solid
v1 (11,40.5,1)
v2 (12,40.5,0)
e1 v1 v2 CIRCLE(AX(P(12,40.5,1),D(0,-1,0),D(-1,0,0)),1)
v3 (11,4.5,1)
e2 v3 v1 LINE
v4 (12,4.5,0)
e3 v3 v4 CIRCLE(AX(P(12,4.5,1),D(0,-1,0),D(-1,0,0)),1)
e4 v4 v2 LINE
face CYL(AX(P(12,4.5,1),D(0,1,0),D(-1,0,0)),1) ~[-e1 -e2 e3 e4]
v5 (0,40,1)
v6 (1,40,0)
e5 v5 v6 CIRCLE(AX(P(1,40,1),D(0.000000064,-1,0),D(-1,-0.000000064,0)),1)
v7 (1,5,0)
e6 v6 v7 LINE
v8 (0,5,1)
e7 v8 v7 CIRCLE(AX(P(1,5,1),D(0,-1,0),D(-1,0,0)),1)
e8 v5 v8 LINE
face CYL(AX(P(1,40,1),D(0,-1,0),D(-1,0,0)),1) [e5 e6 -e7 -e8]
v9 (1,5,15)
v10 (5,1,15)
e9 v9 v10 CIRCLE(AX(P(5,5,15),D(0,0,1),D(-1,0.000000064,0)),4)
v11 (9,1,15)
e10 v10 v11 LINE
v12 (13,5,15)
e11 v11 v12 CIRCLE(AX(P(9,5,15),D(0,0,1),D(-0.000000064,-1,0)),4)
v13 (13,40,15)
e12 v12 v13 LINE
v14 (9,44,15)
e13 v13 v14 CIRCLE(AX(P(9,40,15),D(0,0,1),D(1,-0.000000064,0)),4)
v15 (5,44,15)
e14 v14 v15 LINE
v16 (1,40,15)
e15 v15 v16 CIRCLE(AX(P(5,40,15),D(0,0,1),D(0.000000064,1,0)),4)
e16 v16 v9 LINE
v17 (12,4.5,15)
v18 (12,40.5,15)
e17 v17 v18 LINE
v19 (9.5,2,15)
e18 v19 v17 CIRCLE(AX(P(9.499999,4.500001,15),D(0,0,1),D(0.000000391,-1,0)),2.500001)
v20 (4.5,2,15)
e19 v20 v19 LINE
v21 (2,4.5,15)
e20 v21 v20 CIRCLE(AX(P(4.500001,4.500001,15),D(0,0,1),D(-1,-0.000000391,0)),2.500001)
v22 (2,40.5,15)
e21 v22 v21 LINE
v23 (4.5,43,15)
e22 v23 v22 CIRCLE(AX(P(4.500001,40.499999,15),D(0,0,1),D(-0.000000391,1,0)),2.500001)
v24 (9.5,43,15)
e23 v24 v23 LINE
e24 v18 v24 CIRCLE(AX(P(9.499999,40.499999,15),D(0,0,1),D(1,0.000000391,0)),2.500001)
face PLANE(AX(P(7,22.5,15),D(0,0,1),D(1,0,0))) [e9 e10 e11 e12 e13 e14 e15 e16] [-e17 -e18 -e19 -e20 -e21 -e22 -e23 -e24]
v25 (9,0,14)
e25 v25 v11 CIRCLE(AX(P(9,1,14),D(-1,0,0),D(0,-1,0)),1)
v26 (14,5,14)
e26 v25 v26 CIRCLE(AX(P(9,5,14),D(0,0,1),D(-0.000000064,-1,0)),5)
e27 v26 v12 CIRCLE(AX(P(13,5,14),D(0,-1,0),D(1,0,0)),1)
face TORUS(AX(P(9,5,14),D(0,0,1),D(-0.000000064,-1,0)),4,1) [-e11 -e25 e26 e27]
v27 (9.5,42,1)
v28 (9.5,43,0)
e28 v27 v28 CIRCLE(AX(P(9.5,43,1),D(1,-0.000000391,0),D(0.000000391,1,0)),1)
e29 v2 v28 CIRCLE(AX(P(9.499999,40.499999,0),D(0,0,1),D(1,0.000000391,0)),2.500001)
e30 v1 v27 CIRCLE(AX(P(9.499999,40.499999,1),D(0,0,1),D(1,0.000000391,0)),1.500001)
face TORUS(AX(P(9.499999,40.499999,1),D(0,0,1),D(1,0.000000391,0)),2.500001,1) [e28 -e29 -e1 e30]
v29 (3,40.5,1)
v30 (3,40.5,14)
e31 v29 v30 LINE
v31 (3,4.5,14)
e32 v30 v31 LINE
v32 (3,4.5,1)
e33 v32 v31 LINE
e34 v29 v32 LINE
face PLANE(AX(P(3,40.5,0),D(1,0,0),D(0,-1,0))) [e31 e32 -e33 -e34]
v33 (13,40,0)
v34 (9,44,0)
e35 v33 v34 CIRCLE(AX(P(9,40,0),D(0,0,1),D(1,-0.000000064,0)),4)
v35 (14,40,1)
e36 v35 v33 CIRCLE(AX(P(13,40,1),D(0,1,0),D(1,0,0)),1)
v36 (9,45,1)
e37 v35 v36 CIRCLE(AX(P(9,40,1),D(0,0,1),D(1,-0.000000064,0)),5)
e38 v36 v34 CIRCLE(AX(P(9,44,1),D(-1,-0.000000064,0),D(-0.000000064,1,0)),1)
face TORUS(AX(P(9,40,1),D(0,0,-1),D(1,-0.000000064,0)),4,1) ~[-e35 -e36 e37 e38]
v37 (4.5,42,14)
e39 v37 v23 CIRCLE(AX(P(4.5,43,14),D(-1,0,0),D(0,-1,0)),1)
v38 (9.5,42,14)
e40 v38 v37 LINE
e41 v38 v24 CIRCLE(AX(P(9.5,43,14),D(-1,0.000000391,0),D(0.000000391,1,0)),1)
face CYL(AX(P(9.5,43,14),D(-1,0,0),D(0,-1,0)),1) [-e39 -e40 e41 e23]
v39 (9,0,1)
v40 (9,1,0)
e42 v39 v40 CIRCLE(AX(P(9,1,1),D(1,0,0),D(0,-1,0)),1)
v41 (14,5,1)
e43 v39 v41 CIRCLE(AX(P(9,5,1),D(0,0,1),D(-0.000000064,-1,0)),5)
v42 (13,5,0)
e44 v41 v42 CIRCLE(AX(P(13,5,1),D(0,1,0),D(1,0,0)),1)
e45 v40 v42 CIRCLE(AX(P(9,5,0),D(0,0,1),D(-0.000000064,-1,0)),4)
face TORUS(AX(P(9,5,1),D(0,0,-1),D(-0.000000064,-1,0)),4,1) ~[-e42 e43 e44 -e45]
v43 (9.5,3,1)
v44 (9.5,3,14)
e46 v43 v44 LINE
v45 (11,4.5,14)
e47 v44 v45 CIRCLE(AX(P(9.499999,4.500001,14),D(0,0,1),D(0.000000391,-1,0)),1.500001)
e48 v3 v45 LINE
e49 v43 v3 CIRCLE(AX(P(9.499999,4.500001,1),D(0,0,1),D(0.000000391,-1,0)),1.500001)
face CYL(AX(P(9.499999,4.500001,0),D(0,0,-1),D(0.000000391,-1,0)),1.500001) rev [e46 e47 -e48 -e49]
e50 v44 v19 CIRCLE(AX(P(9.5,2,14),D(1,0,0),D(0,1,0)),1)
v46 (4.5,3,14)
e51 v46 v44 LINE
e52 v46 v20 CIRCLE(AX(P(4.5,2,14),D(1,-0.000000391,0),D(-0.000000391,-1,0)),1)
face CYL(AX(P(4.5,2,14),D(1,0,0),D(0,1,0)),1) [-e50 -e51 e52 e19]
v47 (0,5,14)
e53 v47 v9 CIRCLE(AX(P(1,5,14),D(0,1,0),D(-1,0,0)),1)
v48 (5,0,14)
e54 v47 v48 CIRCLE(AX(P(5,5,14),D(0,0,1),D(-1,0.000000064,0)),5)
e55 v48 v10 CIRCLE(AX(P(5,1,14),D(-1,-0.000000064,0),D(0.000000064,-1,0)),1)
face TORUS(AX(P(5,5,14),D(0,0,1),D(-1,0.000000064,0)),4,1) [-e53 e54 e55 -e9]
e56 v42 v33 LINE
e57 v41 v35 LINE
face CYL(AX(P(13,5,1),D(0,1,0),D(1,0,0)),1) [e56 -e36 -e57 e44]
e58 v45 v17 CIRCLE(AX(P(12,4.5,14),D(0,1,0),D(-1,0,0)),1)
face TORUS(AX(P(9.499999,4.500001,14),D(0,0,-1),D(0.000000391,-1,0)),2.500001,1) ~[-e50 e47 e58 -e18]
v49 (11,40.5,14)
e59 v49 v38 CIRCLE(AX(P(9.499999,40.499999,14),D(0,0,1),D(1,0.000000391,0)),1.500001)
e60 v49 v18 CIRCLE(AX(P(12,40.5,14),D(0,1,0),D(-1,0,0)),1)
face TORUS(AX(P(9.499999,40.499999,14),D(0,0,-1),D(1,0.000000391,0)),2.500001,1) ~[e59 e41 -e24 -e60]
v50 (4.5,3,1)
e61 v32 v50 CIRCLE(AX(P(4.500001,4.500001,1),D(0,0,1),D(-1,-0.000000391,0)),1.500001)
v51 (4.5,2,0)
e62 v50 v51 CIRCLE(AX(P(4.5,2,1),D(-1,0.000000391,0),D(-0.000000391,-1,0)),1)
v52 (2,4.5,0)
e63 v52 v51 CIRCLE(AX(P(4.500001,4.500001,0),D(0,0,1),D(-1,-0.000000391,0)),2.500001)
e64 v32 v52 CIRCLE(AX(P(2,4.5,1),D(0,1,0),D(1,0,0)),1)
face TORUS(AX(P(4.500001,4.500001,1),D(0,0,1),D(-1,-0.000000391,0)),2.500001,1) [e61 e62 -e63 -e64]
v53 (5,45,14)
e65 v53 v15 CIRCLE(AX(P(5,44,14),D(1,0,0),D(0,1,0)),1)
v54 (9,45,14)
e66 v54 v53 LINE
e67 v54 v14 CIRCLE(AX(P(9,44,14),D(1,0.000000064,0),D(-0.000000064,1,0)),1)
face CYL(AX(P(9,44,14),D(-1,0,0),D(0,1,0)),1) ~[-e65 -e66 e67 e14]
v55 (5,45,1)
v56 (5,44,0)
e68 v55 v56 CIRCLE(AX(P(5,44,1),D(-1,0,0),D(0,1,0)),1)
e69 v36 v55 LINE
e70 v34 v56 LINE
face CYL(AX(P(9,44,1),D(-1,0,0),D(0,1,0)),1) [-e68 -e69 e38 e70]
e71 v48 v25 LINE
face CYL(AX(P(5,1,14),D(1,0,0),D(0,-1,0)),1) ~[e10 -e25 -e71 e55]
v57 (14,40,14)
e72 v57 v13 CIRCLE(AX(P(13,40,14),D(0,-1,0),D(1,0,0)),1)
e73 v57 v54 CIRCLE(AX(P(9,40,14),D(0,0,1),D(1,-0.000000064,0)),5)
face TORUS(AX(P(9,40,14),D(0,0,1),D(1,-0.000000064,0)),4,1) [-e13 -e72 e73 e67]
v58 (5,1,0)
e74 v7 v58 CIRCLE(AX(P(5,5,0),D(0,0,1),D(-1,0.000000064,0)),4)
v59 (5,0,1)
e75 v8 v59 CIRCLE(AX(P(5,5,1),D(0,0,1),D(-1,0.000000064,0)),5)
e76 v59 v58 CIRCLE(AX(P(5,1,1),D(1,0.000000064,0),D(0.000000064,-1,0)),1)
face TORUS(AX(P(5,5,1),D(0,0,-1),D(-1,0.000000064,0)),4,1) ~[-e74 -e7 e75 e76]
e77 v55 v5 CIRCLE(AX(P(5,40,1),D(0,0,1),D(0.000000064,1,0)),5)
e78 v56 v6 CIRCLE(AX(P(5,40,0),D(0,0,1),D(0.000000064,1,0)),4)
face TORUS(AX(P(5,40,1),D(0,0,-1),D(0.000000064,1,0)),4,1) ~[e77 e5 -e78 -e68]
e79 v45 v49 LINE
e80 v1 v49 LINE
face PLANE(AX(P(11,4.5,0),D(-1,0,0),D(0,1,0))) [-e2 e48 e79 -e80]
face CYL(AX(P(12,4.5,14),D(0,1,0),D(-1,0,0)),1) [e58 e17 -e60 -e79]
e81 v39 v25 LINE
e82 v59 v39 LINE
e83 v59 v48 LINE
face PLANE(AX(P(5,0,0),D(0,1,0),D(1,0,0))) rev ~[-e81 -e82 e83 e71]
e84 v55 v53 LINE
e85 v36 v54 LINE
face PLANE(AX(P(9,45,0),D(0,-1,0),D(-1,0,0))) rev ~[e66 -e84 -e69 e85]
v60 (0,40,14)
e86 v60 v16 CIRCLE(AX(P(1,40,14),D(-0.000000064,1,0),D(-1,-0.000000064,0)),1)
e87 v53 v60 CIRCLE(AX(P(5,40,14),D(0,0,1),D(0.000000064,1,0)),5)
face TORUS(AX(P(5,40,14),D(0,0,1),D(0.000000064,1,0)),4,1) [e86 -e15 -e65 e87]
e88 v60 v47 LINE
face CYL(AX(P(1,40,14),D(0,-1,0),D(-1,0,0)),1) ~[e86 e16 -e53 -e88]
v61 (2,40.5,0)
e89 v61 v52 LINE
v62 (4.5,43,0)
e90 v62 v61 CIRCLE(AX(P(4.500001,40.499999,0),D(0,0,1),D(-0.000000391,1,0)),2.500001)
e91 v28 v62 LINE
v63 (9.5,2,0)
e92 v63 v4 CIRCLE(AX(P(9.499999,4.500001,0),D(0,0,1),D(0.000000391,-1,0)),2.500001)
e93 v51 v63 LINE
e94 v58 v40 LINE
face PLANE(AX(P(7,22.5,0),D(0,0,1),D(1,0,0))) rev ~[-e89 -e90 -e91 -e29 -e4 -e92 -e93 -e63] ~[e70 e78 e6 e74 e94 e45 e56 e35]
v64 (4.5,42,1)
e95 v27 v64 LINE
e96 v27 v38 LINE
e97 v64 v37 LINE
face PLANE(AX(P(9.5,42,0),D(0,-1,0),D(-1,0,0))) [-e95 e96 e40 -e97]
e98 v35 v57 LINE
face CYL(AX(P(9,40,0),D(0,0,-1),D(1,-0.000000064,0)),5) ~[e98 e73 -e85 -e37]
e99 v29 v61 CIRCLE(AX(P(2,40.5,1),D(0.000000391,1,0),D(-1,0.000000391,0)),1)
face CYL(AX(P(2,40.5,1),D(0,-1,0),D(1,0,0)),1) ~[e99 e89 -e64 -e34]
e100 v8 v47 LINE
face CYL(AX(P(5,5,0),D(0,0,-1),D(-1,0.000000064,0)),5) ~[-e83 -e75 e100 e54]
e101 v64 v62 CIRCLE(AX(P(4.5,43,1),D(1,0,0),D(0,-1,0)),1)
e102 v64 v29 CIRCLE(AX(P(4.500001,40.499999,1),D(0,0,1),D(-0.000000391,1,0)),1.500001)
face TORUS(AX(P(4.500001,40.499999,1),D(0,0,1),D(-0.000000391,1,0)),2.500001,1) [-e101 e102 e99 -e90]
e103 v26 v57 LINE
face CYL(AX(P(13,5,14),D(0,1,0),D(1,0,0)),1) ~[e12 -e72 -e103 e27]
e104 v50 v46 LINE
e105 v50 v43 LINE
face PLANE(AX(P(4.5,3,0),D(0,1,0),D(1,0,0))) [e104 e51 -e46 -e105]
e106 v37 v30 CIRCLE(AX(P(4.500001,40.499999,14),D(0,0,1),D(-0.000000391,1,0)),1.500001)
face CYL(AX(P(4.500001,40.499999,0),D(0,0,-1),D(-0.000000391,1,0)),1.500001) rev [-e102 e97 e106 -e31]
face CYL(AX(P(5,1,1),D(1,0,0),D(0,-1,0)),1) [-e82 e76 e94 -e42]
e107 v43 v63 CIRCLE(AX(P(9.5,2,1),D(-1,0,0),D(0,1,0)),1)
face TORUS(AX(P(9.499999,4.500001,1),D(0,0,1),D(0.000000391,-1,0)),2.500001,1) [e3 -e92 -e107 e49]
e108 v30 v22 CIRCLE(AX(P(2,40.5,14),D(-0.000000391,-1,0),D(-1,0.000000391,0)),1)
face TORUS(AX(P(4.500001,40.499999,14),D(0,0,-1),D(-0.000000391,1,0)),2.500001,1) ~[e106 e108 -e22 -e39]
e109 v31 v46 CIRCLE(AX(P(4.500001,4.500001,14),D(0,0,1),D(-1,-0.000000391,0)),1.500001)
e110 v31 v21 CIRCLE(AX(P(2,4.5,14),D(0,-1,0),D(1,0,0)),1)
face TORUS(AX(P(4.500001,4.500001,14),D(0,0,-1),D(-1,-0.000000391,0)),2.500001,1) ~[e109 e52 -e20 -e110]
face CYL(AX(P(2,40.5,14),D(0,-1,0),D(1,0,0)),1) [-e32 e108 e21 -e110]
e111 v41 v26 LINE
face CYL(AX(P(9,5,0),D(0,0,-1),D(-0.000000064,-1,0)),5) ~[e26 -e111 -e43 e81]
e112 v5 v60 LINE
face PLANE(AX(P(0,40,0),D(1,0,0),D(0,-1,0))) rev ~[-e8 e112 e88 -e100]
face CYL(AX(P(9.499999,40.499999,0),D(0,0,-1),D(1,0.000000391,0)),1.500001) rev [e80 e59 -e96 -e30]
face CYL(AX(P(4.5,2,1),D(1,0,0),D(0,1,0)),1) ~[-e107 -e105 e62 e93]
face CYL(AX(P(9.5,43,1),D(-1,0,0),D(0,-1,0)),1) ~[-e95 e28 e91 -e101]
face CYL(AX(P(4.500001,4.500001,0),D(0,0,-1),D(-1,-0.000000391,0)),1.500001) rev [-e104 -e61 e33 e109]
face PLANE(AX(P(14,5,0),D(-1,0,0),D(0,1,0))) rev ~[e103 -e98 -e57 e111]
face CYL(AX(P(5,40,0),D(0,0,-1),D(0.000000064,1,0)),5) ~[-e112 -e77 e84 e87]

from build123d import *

# Parameters (mm, degrees)
PAD_DEPTH = 15
FILLET_R  = 1


with BuildPart() as part:
    # Sketch → Pad (new body)
    with BuildSketch(Plane.XY):
        with BuildLine():
            Line((5, 0), (9, 0))
            ThreePointArc((9, 0), (12.535534, 1.464466), (14, 5))
            Line((14, 5), (14, 40))
            ThreePointArc((14, 40), (12.535534, 43.535534), (9, 45))
            Line((9, 45), (5, 45))
            ThreePointArc((5, 45), (1.464466, 43.535534), (0, 40))
            Line((0, 40), (0, 5))
            ThreePointArc((0, 5), (1.464466, 1.464466), (5, 0))
        make_face()
        with BuildLine():
            Line((4.5, 3), (9.5, 3))
            ThreePointArc((9.5, 3), (10.56066, 3.43934), (11, 4.5))
            Line((11, 4.5), (11, 40.5))
            ThreePointArc((11, 40.5), (10.56066, 41.56066), (9.5, 42))
            Line((9.5, 42), (4.5, 42))
            ThreePointArc((4.5, 42), (3.43934, 41.56066), (3, 40.5))
            Line((3, 40.5), (3, 4.5))
            ThreePointArc((3, 4.5), (3.43934, 3.43934), (4.5, 3))
        make_face(mode=Mode.SUBTRACT)
    extrude(amount=PAD_DEPTH)

    # Fillet
    fillet_edges = [part.edges().sort_by_distance(p)[0] for p in [
        (11, 22.5, 15),
        (14, 22.5, 15),
        (14, 22.5, 0),
        (11, 22.5, 0),
    ]]
    fillet(fillet_edges, radius=FILLET_R)


solid = part.part
